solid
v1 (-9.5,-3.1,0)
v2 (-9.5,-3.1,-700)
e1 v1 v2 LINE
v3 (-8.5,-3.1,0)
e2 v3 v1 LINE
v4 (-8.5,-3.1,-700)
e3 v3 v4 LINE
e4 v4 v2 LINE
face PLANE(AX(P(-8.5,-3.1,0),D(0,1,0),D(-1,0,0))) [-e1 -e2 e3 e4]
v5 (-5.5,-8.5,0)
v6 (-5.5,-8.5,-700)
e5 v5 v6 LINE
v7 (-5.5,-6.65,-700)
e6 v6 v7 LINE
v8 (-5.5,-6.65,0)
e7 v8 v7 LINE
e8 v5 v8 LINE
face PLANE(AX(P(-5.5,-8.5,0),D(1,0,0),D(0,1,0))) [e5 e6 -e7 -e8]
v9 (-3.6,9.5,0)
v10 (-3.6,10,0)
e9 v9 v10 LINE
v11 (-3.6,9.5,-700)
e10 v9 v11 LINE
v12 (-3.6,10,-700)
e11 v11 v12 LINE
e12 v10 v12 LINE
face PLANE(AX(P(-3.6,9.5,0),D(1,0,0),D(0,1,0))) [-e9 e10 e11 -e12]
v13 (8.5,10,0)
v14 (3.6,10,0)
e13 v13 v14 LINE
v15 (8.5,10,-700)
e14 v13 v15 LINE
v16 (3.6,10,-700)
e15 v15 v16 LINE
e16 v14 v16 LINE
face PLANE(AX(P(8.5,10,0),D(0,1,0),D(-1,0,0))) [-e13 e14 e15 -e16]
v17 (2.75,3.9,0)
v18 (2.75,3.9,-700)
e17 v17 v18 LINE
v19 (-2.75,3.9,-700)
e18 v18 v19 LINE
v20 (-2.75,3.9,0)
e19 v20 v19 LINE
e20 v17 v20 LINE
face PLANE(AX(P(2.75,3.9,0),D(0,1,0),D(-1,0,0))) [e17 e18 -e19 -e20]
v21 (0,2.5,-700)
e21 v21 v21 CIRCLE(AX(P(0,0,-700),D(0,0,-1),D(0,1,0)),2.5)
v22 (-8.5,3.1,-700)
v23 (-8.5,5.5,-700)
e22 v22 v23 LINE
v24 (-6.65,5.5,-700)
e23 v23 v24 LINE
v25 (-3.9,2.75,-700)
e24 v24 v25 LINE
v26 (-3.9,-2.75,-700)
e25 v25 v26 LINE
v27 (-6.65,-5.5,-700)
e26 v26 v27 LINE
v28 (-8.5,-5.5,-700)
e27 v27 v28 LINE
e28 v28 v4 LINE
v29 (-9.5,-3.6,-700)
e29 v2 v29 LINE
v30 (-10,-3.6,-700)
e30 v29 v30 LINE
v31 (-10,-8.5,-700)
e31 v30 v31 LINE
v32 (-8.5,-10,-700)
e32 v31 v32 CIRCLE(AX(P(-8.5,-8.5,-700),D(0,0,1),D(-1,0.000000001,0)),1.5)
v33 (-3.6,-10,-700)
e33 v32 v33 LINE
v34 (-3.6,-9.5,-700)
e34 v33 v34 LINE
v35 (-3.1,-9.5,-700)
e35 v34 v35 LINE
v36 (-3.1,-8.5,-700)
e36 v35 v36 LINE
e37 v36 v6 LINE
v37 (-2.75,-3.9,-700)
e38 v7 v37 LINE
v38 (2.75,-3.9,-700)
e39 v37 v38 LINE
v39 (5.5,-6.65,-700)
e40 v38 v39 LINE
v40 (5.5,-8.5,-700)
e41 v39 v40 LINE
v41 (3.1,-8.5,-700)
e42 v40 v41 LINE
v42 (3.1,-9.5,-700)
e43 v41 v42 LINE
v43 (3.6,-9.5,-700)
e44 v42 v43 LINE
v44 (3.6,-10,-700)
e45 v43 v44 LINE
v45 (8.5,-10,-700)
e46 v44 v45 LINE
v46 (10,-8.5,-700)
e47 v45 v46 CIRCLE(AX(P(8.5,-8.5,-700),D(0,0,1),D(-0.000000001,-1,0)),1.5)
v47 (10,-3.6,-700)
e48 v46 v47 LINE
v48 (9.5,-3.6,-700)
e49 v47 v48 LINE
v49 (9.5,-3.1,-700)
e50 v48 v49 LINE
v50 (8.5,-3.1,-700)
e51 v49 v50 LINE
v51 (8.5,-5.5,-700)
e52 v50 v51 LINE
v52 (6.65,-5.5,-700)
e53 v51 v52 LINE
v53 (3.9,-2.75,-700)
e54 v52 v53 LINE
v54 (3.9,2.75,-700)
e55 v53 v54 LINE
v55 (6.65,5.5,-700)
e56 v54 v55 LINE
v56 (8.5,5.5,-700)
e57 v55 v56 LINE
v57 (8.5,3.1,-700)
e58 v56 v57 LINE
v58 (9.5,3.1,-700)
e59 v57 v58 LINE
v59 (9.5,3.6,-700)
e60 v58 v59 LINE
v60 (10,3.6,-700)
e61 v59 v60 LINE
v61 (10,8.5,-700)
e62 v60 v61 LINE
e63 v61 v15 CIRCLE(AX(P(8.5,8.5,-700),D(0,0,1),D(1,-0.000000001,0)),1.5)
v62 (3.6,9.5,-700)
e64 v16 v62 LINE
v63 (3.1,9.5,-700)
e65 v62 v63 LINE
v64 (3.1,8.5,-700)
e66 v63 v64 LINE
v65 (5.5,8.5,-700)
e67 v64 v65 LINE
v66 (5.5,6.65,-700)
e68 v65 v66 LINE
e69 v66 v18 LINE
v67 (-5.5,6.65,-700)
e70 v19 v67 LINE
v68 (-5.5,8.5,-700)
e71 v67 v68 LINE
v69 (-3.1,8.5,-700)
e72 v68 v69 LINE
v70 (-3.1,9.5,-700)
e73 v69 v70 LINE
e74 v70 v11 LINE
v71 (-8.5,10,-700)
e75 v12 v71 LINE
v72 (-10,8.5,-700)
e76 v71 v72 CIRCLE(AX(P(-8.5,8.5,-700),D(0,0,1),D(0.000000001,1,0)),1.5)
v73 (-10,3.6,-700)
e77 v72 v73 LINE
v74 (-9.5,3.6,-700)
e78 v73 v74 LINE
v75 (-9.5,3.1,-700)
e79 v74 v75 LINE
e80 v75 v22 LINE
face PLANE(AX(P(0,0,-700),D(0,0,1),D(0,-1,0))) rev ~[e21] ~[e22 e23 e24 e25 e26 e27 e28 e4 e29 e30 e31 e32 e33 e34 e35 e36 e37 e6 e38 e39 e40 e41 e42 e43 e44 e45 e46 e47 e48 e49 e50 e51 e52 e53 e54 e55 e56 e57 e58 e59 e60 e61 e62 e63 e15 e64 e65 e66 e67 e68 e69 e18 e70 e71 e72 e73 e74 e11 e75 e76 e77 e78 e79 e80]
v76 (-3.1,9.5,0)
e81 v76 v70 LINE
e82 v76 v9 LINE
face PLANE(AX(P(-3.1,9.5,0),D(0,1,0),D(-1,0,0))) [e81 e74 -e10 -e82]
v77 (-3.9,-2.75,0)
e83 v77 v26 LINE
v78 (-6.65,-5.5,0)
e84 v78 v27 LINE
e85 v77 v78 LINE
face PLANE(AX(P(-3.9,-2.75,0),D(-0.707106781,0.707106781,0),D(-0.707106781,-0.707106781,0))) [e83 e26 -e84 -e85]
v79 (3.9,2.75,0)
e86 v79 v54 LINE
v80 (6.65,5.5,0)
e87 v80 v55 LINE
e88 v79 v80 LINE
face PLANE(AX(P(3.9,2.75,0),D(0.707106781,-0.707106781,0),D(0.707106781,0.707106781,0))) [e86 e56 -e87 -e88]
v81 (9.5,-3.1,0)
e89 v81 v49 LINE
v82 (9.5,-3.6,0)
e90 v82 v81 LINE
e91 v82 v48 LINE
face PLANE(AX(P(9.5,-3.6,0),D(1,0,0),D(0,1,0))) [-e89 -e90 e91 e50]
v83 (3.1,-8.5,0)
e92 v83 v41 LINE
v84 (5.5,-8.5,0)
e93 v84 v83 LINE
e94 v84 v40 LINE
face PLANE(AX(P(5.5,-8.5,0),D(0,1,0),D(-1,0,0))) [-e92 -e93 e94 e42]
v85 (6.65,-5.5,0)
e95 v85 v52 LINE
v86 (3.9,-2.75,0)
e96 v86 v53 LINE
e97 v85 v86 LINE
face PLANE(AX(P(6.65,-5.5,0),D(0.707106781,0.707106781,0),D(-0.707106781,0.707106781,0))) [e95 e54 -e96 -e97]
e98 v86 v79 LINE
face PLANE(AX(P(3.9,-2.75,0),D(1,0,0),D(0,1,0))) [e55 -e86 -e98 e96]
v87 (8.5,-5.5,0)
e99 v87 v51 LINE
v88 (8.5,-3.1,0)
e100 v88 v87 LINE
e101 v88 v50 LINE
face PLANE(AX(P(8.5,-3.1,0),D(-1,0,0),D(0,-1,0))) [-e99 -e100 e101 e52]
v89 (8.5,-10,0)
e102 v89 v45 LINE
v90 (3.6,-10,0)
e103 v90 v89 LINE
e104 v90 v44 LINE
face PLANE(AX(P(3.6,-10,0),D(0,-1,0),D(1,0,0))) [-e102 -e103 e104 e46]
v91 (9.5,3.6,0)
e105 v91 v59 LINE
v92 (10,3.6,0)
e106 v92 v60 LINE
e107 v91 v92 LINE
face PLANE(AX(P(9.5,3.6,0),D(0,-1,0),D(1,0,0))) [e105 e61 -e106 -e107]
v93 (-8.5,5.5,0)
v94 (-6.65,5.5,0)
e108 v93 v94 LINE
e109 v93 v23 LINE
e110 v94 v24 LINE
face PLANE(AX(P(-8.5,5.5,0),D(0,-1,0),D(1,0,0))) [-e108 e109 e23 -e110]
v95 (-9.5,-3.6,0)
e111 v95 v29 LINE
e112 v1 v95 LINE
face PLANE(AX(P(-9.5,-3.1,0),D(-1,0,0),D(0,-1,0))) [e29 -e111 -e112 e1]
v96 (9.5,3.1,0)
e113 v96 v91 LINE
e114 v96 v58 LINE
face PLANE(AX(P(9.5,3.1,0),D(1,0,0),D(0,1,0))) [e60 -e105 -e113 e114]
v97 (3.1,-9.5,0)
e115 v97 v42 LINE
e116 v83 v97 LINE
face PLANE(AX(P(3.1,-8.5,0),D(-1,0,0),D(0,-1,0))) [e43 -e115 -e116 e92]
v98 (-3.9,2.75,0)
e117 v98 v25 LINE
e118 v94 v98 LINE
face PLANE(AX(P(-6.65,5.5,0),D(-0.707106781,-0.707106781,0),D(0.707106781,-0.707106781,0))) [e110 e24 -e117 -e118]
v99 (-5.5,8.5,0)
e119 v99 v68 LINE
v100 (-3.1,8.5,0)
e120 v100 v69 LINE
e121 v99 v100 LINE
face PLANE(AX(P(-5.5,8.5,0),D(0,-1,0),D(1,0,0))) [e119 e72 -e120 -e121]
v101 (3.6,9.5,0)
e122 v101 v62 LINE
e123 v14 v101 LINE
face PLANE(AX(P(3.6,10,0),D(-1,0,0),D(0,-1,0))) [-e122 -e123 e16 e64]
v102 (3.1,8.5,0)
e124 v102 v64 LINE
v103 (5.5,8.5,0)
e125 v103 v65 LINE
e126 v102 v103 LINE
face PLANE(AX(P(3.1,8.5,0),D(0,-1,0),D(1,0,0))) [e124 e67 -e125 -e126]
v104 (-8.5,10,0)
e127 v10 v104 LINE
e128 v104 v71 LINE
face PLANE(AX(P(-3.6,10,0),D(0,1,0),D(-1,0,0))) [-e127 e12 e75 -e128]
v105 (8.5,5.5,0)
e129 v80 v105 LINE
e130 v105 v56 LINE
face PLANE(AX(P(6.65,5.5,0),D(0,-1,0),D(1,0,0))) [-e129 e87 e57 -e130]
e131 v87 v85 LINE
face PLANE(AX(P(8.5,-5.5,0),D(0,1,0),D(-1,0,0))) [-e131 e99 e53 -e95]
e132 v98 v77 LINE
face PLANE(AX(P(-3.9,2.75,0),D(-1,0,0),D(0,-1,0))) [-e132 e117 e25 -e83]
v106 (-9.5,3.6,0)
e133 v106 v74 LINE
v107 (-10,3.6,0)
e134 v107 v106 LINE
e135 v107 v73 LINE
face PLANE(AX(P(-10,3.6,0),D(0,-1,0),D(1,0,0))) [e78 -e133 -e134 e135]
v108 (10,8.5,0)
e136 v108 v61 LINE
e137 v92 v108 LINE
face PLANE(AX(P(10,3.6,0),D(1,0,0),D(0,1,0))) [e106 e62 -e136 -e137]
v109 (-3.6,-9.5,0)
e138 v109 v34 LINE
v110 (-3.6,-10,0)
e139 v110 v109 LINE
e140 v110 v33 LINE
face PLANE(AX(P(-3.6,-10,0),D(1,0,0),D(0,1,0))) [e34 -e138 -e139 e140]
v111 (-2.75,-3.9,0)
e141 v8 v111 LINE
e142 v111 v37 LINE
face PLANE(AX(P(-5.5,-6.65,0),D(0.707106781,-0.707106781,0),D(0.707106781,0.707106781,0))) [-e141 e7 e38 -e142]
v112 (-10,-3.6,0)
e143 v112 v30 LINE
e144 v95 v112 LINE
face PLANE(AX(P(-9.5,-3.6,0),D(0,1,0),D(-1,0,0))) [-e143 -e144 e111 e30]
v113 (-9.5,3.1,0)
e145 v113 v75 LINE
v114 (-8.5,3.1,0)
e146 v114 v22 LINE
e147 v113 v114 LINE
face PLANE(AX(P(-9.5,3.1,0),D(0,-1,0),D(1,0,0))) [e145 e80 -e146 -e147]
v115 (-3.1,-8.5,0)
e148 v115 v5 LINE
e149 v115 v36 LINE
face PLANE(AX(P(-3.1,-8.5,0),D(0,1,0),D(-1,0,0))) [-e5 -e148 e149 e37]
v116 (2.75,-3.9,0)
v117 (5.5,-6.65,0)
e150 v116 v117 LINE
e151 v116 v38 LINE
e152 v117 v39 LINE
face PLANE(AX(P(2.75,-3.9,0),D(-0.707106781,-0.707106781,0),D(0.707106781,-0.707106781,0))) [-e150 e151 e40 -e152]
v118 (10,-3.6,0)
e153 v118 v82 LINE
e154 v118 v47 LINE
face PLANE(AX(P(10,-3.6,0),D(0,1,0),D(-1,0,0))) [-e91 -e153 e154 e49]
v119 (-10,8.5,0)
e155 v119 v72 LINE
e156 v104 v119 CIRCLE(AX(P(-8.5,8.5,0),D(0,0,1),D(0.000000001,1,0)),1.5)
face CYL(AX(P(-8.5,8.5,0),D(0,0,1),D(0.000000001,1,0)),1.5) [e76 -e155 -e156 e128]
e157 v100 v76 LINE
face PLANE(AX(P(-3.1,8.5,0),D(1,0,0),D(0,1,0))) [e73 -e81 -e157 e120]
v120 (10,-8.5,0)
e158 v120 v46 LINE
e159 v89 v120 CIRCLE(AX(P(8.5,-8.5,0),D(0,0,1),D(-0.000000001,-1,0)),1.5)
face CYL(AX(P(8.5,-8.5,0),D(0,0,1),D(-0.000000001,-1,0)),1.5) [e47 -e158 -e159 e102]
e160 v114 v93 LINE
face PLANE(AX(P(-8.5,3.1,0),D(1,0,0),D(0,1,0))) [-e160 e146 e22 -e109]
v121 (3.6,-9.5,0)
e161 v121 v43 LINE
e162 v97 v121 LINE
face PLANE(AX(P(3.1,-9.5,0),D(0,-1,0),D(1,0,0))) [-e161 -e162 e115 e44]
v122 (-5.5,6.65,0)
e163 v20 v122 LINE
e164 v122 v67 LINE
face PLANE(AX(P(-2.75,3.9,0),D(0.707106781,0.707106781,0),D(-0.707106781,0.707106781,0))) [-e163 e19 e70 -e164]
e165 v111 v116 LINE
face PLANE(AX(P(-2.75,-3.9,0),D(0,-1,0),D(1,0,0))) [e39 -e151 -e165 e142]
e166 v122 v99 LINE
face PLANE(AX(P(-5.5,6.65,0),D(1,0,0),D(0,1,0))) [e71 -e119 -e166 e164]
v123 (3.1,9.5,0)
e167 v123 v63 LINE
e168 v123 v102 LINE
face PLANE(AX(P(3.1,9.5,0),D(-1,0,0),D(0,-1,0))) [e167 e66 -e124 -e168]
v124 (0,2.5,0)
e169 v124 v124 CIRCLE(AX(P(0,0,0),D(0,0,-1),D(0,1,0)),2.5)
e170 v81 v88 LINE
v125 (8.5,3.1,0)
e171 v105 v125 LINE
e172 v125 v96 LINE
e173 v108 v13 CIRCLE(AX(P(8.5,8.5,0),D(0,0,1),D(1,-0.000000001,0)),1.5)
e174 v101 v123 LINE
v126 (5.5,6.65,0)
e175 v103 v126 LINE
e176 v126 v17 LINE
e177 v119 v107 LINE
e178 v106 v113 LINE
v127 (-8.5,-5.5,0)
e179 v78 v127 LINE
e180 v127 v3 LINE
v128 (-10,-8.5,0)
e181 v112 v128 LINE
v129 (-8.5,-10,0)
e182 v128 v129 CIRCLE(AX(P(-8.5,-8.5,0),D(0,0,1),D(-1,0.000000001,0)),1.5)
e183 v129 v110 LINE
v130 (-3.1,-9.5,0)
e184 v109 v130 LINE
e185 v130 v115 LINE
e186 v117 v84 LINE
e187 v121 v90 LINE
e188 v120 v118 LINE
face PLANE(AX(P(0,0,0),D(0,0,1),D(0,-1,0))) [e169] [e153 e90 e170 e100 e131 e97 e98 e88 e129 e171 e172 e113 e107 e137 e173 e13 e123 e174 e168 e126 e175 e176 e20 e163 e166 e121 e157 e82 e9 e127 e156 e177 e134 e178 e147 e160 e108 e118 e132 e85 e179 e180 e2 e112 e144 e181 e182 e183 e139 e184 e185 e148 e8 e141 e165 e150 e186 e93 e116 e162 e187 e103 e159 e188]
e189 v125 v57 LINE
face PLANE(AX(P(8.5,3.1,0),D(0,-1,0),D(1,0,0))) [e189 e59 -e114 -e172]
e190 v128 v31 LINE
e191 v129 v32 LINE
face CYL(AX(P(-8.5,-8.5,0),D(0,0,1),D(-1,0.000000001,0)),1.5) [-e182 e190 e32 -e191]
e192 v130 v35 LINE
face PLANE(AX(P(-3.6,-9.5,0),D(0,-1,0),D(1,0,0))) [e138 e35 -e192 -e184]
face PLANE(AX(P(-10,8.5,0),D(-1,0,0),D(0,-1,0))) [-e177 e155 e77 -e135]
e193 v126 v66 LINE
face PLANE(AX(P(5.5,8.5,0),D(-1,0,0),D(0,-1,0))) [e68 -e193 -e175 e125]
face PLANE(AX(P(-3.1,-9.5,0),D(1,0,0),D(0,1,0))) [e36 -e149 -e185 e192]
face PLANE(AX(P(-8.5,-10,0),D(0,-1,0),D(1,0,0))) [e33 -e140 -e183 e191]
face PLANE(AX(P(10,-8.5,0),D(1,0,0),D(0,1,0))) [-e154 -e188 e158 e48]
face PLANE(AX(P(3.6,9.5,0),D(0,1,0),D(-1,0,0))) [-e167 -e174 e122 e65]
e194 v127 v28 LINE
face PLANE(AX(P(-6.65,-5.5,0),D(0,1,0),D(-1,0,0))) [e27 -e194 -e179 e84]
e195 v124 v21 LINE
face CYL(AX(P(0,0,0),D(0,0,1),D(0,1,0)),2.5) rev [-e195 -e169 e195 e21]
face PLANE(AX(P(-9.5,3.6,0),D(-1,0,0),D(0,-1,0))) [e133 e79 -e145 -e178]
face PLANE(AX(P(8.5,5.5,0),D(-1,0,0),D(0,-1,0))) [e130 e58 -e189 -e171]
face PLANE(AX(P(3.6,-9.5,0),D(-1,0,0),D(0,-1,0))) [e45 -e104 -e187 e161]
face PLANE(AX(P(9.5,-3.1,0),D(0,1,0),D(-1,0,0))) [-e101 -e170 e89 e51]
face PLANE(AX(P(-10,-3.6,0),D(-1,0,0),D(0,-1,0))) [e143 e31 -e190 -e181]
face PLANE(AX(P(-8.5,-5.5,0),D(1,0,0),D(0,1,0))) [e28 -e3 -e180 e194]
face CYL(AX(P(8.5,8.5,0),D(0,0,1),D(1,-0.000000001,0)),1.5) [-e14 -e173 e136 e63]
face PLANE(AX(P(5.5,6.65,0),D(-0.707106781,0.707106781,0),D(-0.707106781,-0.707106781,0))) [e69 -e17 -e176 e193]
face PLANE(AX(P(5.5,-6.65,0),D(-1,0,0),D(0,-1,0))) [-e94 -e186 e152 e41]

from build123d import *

# Parameters (mm, degrees)
SKETCH13_R               = 2.5
F_20_X_20_X_R1_5_1_DEPTH = 700


with BuildPart() as part:
    # Sketch13 → 铝型材 20 X 20 X R1.5(1) (new body)
    with BuildSketch(Plane.YX):
        with BuildLine():
            Line((-3.6, 10), (-3.6, 9.5))
            Line((-3.6, 9.5), (-3.1, 9.5))
            Line((-3.1, 9.5), (-3.1, 8.5))
            Line((-3.1, 8.5), (-5.5, 8.5))
            Line((-5.5, 8.5), (-5.5, 6.65))
            Line((-5.5, 6.65), (-2.75, 3.9))
            Line((-2.75, 3.9), (2.75, 3.9))
            Line((2.75, 3.9), (5.5, 6.65))
            Line((5.5, 6.65), (5.5, 8.5))
            Line((5.5, 8.5), (3.1, 8.5))
            Line((3.1, 8.5), (3.1, 9.5))
            Line((3.1, 9.5), (3.6, 9.5))
            Line((3.6, 9.5), (3.6, 10))
            Line((3.6, 10), (8.5, 10))
            ThreePointArc((8.5, 10), (9.560660172, 9.560660172), (10, 8.5))
            Line((10, 8.5), (10, 3.6))
            Line((10, 3.6), (9.5, 3.6))
            Line((9.5, 3.6), (9.5, 3.1))
            Line((9.5, 3.1), (8.5, 3.1))
            Line((8.5, 3.1), (8.5, 5.5))
            Line((8.5, 5.5), (6.65, 5.5))
            Line((6.65, 5.5), (3.9, 2.75))
            Line((3.9, 2.75), (3.9, -2.75))
            Line((3.9, -2.75), (6.65, -5.5))
            Line((6.65, -5.5), (8.5, -5.5))
            Line((8.5, -5.5), (8.5, -3.1))
            Line((8.5, -3.1), (9.5, -3.1))
            Line((9.5, -3.1), (9.5, -3.6))
            Line((9.5, -3.6), (10, -3.6))
            Line((10, -3.6), (10, -8.5))
            ThreePointArc((10, -8.5), (9.560660172, -9.560660172), (8.5, -10))
            Line((8.5, -10), (3.6, -10))
            Line((3.6, -10), (3.6, -9.5))
            Line((3.6, -9.5), (3.1, -9.5))
            Line((3.1, -9.5), (3.1, -8.5))
            Line((3.1, -8.5), (5.5, -8.5))
            Line((5.5, -8.5), (5.5, -6.65))
            Line((5.5, -6.65), (2.75, -3.9))
            Line((2.75, -3.9), (-2.75, -3.9))
            Line((-2.75, -3.9), (-5.5, -6.65))
            Line((-5.5, -6.65), (-5.5, -8.5))
            Line((-5.5, -8.5), (-3.1, -8.5))
            Line((-3.1, -8.5), (-3.1, -9.5))
            Line((-3.1, -9.5), (-3.6, -9.5))
            Line((-3.6, -9.5), (-3.6, -10))
            Line((-3.6, -10), (-8.5, -10))
            ThreePointArc((-8.5, -10), (-9.560660172, -9.560660172), (-10, -8.5))
            Line((-10, -8.5), (-10, -3.6))
            Line((-10, -3.6), (-9.5, -3.6))
            Line((-9.5, -3.6), (-9.5, -3.1))
            Line((-9.5, -3.1), (-8.5, -3.1))
            Line((-8.5, -3.1), (-8.5, -5.5))
            Line((-8.5, -5.5), (-6.65, -5.5))
            Line((-6.65, -5.5), (-3.9, -2.75))
            Line((-3.9, -2.75), (-3.9, 2.75))
            Line((-3.9, 2.75), (-6.65, 5.5))
            Line((-6.65, 5.5), (-8.5, 5.5))
            Line((-8.5, 5.5), (-8.5, 3.1))
            Line((-8.5, 3.1), (-9.5, 3.1))
            Line((-9.5, 3.1), (-9.5, 3.6))
            Line((-9.5, 3.6), (-10, 3.6))
            Line((-10, 3.6), (-10, 8.5))
            ThreePointArc((-10, 8.5), (-9.560660172, 9.560660172), (-8.5, 10))
            Line((-8.5, 10), (-3.6, 10))
        make_face()
        Circle(SKETCH13_R, mode=Mode.SUBTRACT)
    extrude(amount=F_20_X_20_X_R1_5_1_DEPTH)


solid = part.part
